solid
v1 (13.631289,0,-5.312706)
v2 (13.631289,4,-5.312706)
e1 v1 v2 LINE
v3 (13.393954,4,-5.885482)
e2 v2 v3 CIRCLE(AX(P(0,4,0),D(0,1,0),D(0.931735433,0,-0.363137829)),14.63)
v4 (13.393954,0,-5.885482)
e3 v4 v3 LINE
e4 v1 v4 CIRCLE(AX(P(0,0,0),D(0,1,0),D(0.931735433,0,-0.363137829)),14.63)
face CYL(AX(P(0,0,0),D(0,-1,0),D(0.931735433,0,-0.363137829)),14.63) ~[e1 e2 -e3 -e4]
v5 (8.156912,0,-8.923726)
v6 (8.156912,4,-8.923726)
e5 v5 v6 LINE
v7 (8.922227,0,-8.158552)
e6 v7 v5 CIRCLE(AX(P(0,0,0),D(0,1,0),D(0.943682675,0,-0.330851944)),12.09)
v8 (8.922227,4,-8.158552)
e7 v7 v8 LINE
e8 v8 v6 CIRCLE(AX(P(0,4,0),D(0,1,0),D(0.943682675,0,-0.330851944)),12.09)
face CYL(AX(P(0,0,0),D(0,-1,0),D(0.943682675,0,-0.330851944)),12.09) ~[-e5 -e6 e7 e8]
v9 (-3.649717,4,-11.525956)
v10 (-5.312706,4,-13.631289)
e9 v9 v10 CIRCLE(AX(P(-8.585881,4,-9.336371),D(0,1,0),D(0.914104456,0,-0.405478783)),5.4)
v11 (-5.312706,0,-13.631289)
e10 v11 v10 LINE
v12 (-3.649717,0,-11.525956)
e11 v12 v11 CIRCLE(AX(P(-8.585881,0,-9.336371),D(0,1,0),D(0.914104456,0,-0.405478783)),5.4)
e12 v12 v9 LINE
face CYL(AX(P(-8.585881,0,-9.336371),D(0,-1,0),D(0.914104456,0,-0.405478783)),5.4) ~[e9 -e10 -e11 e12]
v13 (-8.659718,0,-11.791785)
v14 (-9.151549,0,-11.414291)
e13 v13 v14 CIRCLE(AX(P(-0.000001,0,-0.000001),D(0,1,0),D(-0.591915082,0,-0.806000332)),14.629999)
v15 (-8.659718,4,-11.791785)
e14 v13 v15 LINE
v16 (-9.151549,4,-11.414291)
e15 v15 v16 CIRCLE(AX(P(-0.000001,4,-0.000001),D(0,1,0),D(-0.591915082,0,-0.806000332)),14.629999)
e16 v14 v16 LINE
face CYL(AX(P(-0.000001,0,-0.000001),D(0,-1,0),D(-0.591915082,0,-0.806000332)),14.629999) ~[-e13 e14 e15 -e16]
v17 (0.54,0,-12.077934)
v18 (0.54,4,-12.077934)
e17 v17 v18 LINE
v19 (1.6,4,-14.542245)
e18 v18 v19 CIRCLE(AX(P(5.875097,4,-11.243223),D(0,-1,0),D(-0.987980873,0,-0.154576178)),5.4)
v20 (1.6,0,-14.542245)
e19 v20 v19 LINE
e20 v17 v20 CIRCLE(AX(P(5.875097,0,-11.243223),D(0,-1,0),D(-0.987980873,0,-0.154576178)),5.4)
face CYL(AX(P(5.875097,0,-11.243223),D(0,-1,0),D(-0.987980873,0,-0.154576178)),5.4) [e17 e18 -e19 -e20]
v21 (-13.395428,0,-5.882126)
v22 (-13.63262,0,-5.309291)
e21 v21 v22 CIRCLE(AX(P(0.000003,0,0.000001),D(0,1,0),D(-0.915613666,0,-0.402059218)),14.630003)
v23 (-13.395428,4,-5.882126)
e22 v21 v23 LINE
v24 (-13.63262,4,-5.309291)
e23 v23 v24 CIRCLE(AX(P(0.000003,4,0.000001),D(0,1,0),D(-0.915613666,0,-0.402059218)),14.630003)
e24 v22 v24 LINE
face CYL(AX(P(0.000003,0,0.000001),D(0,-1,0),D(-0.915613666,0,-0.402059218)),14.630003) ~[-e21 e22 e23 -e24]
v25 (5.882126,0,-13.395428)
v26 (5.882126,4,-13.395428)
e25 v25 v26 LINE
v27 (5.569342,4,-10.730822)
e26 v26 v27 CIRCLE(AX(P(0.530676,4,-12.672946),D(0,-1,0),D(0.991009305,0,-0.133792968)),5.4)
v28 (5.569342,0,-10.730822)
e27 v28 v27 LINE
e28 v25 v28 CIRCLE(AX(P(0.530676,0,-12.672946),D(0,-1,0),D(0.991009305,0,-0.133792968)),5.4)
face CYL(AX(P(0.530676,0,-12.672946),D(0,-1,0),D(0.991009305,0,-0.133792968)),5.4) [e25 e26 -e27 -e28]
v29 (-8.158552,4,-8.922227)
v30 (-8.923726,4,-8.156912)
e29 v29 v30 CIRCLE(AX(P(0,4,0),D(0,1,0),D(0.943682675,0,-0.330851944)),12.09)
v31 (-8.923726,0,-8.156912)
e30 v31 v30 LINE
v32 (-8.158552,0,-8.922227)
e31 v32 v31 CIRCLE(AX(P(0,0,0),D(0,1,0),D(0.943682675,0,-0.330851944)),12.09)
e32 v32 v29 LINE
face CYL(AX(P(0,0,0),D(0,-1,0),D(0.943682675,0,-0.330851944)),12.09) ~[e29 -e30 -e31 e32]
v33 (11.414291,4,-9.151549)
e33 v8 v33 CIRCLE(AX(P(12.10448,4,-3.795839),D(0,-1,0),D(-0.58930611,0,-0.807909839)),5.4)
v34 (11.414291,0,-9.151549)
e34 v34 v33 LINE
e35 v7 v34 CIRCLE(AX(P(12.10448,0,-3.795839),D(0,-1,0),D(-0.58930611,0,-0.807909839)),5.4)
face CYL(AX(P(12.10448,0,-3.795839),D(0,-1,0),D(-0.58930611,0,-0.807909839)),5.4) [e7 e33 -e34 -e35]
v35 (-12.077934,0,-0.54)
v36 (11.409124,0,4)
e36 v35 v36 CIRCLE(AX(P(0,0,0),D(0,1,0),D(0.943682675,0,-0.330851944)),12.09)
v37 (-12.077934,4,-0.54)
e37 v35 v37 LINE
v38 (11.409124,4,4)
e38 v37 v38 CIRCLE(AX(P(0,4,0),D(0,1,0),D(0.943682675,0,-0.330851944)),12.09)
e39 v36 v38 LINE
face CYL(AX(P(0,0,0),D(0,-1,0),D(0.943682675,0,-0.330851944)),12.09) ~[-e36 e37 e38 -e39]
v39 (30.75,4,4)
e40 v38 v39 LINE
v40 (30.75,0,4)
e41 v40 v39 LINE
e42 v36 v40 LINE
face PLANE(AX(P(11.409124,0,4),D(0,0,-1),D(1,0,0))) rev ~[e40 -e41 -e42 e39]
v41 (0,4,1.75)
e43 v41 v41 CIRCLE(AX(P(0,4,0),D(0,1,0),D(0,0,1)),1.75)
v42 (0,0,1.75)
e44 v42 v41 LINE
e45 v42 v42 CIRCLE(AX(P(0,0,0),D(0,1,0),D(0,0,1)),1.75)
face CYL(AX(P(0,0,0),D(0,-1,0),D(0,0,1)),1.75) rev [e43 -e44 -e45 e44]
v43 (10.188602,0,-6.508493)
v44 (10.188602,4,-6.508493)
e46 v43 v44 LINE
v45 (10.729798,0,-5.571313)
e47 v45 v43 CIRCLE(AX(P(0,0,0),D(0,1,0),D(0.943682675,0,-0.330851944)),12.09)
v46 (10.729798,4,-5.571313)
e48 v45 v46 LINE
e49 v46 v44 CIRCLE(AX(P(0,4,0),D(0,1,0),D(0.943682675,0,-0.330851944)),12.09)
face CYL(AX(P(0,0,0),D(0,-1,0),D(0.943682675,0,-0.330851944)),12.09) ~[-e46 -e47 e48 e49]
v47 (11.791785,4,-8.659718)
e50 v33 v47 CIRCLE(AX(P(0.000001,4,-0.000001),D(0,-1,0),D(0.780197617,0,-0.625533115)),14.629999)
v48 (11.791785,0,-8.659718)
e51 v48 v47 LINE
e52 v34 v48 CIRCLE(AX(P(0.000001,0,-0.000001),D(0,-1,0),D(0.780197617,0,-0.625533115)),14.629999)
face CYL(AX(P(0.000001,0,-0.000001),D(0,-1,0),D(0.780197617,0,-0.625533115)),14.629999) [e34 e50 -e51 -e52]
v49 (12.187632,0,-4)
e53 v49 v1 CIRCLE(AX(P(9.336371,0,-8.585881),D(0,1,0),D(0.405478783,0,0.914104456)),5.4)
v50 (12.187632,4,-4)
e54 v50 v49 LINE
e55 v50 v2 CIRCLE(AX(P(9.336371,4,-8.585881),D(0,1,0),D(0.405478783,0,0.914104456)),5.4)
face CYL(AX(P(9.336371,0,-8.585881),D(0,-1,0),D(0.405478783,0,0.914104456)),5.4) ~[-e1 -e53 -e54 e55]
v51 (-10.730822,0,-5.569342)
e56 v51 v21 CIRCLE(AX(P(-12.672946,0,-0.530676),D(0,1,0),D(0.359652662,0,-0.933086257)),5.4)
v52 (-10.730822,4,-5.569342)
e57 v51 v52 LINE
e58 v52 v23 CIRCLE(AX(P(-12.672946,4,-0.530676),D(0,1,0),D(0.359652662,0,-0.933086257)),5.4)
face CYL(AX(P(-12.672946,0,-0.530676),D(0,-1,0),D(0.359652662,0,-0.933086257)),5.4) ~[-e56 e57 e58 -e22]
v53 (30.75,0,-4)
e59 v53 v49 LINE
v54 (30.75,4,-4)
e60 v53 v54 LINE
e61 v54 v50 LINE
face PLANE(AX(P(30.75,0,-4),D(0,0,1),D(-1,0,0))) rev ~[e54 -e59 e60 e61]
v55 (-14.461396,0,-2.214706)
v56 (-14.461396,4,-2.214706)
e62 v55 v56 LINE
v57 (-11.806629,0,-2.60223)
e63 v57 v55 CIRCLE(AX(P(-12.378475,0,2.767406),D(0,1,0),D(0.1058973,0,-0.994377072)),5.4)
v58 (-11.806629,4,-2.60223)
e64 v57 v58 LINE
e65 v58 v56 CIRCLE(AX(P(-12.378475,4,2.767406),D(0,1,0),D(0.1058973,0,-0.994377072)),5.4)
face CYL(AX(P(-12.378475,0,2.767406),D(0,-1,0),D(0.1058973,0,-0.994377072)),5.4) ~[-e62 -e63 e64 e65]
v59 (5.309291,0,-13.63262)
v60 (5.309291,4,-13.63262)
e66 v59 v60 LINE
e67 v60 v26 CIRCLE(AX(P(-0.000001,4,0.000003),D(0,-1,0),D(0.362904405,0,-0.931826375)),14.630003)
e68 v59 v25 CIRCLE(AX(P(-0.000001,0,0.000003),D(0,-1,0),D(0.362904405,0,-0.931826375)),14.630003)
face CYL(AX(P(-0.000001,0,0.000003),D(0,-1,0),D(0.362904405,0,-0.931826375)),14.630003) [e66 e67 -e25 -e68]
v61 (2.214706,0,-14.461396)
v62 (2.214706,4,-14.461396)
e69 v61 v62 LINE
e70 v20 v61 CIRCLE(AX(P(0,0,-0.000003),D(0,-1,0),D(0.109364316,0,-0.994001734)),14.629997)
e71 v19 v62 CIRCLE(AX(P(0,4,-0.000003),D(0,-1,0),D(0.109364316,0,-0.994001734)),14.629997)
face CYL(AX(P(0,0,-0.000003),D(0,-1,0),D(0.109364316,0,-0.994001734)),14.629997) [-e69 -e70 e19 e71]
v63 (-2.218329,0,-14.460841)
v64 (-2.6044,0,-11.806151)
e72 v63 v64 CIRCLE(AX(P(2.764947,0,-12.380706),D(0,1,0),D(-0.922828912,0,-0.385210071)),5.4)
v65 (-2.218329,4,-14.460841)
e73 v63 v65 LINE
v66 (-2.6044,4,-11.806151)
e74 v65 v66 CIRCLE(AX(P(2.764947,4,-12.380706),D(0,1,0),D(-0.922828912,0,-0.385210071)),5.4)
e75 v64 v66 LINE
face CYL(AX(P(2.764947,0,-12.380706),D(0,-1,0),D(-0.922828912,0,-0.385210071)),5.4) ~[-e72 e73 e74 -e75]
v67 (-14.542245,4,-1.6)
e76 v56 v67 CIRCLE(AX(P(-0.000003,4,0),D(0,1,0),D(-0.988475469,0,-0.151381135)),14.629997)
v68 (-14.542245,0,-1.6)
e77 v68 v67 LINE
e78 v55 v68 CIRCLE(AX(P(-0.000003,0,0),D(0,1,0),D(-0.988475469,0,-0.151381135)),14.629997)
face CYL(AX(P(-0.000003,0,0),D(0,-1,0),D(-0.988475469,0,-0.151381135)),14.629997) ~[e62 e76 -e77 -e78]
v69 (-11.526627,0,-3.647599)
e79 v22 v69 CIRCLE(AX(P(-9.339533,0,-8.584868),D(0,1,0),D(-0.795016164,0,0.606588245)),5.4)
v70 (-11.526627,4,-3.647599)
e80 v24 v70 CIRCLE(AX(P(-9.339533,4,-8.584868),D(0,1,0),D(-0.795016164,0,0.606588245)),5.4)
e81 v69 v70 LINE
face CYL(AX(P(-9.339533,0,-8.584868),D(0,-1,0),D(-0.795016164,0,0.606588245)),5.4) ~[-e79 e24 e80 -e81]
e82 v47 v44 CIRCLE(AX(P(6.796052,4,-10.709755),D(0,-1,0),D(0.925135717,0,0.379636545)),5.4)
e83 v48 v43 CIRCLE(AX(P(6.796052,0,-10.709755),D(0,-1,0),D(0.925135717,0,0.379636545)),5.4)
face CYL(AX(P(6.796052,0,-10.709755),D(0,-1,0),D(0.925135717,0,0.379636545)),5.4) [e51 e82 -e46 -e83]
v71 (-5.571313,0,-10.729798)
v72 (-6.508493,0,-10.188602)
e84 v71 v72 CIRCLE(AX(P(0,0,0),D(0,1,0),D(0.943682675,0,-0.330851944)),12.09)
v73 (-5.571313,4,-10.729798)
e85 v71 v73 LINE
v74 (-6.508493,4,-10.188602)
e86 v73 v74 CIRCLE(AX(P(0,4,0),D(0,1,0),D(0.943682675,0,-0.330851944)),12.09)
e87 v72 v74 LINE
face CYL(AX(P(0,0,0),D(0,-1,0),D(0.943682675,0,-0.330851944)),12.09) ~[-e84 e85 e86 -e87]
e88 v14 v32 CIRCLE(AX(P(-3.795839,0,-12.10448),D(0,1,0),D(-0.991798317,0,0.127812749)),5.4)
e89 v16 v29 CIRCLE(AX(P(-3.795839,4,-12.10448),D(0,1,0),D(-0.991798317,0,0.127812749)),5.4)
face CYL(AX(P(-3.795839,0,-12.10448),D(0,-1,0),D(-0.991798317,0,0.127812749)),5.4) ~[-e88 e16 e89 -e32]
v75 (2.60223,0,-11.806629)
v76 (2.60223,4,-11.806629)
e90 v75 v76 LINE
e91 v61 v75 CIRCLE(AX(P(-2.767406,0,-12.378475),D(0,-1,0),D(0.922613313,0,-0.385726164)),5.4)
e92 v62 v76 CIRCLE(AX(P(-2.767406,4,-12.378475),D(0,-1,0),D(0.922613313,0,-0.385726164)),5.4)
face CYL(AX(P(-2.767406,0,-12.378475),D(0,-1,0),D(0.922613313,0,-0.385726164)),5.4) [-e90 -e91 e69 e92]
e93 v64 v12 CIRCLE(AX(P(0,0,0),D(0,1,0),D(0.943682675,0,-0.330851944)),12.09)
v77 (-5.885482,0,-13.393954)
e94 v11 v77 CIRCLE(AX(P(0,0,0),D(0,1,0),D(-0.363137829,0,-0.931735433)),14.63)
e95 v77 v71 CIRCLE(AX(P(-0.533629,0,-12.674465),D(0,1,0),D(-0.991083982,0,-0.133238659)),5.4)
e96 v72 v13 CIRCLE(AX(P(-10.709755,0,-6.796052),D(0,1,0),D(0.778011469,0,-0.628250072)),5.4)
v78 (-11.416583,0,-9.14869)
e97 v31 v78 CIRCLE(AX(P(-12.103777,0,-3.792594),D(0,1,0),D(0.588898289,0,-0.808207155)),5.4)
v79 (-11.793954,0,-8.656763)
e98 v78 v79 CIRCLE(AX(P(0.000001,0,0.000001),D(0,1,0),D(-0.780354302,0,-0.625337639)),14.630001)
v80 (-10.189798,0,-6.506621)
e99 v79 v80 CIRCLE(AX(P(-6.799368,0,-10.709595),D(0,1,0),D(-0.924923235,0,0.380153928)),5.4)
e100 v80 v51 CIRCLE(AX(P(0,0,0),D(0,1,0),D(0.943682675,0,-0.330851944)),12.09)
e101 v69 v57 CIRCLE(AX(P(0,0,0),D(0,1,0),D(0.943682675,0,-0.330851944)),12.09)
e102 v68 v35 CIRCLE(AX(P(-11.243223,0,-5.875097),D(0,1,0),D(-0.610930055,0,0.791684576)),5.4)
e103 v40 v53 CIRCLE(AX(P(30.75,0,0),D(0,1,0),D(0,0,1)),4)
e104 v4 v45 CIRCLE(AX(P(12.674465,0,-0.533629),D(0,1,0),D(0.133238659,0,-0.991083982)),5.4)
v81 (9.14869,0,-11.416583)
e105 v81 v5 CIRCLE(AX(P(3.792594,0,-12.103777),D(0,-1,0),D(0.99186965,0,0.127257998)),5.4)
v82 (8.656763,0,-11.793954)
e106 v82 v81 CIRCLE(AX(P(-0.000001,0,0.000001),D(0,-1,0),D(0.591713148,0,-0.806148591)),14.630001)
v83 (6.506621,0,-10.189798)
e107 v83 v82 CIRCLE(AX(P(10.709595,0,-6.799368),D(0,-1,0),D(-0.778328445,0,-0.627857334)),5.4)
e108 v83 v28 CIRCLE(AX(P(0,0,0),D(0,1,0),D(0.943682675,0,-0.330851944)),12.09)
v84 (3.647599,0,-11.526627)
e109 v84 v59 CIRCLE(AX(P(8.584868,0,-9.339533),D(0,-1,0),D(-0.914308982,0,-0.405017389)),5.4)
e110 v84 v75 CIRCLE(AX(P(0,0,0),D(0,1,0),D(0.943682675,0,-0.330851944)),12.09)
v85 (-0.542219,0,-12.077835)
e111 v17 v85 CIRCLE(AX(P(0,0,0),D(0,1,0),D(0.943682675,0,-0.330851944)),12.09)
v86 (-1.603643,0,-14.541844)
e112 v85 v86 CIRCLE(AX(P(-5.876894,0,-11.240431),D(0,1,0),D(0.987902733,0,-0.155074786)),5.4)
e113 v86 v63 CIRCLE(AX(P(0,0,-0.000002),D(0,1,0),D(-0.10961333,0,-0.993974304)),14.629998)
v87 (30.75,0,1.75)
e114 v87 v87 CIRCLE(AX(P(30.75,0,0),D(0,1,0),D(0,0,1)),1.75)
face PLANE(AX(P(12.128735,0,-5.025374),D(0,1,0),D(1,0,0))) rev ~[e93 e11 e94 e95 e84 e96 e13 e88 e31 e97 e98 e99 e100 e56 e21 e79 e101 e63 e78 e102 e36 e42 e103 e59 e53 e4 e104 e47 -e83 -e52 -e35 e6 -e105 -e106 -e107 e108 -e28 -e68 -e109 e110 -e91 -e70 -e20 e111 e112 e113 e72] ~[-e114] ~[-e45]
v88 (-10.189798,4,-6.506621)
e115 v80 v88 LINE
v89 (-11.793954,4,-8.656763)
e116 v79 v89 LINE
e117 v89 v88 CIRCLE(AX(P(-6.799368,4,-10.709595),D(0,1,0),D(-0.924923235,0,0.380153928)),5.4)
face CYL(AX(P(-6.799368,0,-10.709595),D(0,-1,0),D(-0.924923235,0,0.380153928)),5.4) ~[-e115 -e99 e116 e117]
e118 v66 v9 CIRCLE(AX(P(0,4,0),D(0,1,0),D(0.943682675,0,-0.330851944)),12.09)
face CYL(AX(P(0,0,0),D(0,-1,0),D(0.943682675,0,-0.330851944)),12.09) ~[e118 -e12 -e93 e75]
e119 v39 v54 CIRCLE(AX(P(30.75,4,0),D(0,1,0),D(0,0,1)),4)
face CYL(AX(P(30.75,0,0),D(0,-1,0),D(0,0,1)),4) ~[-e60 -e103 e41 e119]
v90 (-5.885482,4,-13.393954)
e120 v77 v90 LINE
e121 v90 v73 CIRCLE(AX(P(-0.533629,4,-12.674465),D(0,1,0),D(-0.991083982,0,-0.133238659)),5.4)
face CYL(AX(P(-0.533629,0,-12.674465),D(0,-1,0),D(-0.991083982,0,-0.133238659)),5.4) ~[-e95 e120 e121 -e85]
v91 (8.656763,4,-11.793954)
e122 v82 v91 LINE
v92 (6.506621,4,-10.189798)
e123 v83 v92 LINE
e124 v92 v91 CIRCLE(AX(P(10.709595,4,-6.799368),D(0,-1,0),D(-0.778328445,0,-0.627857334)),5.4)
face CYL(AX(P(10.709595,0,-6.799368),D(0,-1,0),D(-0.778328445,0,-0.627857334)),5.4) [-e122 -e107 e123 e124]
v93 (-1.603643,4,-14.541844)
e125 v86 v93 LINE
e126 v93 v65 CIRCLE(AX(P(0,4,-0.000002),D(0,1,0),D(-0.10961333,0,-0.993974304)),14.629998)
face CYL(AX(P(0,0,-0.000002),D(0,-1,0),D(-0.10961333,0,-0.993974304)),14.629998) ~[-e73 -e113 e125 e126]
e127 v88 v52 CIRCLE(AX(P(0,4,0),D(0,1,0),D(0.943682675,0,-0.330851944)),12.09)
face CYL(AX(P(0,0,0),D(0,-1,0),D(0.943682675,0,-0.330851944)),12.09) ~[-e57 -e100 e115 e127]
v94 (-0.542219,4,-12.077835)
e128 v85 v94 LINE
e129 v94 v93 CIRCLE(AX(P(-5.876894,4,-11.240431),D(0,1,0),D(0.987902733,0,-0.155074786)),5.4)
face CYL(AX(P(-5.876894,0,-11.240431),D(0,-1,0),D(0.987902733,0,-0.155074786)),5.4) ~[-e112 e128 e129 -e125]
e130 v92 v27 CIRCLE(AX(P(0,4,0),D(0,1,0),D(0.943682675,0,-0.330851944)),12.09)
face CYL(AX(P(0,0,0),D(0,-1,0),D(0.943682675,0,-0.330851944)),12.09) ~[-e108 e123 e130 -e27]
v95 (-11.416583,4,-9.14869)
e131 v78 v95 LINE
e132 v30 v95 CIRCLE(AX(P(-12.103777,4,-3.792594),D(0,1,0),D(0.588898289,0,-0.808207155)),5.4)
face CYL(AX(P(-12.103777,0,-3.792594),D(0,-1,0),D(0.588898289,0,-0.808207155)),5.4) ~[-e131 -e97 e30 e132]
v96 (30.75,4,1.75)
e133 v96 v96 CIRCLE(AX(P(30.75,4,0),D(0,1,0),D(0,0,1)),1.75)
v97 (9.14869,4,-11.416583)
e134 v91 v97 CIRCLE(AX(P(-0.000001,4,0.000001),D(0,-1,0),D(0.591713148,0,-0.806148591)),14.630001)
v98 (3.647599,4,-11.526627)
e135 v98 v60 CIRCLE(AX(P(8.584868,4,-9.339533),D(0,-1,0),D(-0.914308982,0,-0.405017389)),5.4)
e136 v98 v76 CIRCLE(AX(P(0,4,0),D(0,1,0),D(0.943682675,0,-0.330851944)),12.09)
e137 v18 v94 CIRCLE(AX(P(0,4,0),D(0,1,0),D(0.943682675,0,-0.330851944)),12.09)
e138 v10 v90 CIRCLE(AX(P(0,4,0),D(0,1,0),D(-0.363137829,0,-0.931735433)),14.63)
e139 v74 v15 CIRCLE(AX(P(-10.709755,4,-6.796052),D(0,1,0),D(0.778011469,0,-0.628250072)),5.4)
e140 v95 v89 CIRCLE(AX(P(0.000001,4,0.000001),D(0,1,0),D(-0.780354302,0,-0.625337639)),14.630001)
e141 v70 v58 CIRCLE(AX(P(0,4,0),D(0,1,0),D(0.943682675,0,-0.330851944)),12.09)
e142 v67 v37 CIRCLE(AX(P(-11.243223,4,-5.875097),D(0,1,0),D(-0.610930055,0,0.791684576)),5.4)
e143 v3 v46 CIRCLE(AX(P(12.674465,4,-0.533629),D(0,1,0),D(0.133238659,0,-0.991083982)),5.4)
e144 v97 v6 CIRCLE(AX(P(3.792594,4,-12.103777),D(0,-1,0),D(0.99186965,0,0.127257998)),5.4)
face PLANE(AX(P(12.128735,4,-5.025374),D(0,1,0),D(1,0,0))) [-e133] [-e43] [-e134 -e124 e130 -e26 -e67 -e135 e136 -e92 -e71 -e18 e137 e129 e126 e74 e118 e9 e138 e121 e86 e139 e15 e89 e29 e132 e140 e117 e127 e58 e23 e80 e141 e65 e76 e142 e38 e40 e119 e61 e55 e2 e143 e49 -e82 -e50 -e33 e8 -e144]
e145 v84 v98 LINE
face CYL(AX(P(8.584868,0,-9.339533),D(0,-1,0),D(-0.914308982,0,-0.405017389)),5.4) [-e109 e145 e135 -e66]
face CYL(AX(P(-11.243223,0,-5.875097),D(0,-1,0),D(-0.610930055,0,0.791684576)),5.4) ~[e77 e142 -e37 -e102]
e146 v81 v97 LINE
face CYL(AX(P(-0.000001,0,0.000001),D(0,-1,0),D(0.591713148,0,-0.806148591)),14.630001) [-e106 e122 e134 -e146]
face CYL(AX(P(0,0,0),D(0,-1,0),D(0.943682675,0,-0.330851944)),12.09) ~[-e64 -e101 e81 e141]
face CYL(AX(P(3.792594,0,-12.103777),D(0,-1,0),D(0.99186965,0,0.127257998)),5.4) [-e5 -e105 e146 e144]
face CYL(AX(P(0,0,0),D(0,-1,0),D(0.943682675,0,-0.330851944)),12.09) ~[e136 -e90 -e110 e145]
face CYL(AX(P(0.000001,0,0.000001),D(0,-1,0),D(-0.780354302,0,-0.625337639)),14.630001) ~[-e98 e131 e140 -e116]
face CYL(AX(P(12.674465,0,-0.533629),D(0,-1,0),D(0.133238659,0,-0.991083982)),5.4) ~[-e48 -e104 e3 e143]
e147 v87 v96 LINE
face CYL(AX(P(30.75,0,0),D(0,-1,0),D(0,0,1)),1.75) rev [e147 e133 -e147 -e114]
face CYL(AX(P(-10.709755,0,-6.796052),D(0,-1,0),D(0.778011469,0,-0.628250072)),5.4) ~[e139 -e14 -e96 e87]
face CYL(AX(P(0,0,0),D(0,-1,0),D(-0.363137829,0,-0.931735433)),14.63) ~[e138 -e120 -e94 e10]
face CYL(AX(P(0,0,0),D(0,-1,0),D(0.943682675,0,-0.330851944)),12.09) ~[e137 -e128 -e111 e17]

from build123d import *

# Parameters (mm, degrees)
SKETCH1_R           = 1.75
BOSS_EXTRUDE1_DEPTH = 4
BOSS_EXTRUDE2_START = -4
BOSS_EXTRUDE2_DEPTH = 4


with BuildPart() as part:
    # Sketch1 → Boss-Extrude1 (new body)
    with BuildSketch(Plane(origin=(0, 0, 0), x_dir=(1, 0, 0), z_dir=(0, 1, 0))):
        with BuildLine():
            Line((30.75, 4), (11.409123542, 4))
            ThreePointArc((11.409123542, 4), (-12.09, 0), (11.409123542, -4))
            Line((11.409123542, -4), (30.75, -4))
            ThreePointArc((30.75, -4), (34.75, 0), (30.75, 4))
        make_face()
        with Locations(Location((30.75, 0, 0), (0, 0, 270))):
            Circle(SKETCH1_R, mode=Mode.SUBTRACT)
        with Locations(Location((0, 0, 0), (0, 0, 270))):
            Circle(SKETCH1_R, mode=Mode.SUBTRACT)
    extrude(amount=BOSS_EXTRUDE1_DEPTH)

    # Sketch2 → Boss-Extrude2 (add)
    with BuildSketch(Plane(origin=(0, 4, 0), x_dir=(1, 0, 0), z_dir=(0, 1, 0)).offset(BOSS_EXTRUDE2_START)):
        with BuildLine():
            ThreePointArc((13.631289382, 5.312706446), (13.515656169, 5.600351625), (13.393953907, 5.885482032))
            ThreePointArc((13.393953907, 5.885482032), (12.042056289, 5.896469103), (10.729798038, 5.571313495))
            ThreePointArc((10.729798038, 5.571313495), (11.16927846, 4.627668819), (11.525956115, 3.649717201))
            ThreePointArc((11.525956115, 3.649717201), (12.683545875, 4.348379847), (13.631289382, 5.312706446))
        make_face()
        with BuildLine():
            ThreePointArc((0.54, 12.077934426), (0.914536108, 13.376961211), (1.6, 14.542245356))
            ThreePointArc((1.6, 14.542245356), (1.907781307, 14.505077404), (2.214705946, 14.461396114))
            ThreePointArc((2.214705946, 14.461396114), (2.575965524, 13.158462861), (2.602230245, 11.806629399))
            ThreePointArc((2.602230245, 11.806629399), (1.576960473, 11.986713297), (0.54, 12.077934426))
        make_face()
        with BuildLine():
            ThreePointArc((5.882126404, 13.395427913), (5.89385242, 12.043390174), (5.569341946, 10.73082151))
            ThreePointArc((5.569341946, 10.73082151), (4.625616537, 11.170128542), (3.647599401, 11.526626506))
            ThreePointArc((3.647599401, 11.526626506), (4.345586373, 12.684452949), (5.309291379, 13.63261989))
            ThreePointArc((5.309291379, 13.63261989), (5.596965518, 13.51705874), (5.882126404, 13.395427913))
        make_face()
        with BuildLine():
            ThreePointArc((9.148689668, 11.416583436), (8.810083014, 10.10758035), (8.156912198, 8.92372587))
            ThreePointArc((8.156912198, 8.92372587), (7.359044479, 9.592317987), (6.506620931, 10.189798038))
            ThreePointArc((6.506620931, 10.189798038), (7.480492108, 11.12752018), (8.656763324, 11.793953907))
            ThreePointArc((8.656763324, 11.793953907), (8.904725778, 11.607874862), (9.148689668, 11.416583436))
        make_face()
        with BuildLine():
            ThreePointArc((11.791784851, 8.659717665), (11.125921009, 7.482955629), (10.188602363, 6.508493058))
            ThreePointArc((10.188602363, 6.508493058), (9.5909657, 7.360806813), (8.922226997, 8.158551674))
            ThreePointArc((8.922226997, 8.158551674), (10.105614668, 8.8122653), (11.414291155, 9.151549455))
            ThreePointArc((11.414291155, 9.151549455), (11.605643693, 8.907633495), (11.791784851, 8.659717665))
        make_face()
        with BuildLine():
            ThreePointArc((-1.603643062, 14.541844069), (-1.911415048, 14.504599013), (-2.218328735, 14.460840834))
            ThreePointArc((-2.218328735, 14.460840834), (-2.578838281, 13.157851673), (-2.604399509, 11.806151075))
            ThreePointArc((-2.604399509, 11.806151075), (-1.579162842, 11.98642335), (-0.542219148, 12.077835005))
            ThreePointArc((-0.542219148, 12.077835005), (-0.917469165, 13.376808049), (-1.603643062, 14.541844069))
        make_face()
        with BuildLine():
            ThreePointArc((-5.312706446, 13.631289382), (-5.600351625, 13.515656169), (-5.885482032, 13.393953907))
            ThreePointArc((-5.885482032, 13.393953907), (-5.896469103, 12.042056289), (-5.571313495, 10.729798038))
            ThreePointArc((-5.571313495, 10.729798038), (-4.627668819, 11.16927846), (-3.649717201, 11.525956115))
            ThreePointArc((-3.649717201, 11.525956115), (-4.348379847, 12.683545875), (-5.312706446, 13.631289382))
        make_face()
        with BuildLine():
            ThreePointArc((-8.659717665, 11.791784851), (-8.907633495, 11.605643693), (-9.151549455, 11.414291155))
            ThreePointArc((-9.151549455, 11.414291155), (-8.8122653, 10.105614668), (-8.158551674, 8.922226997))
            ThreePointArc((-8.158551674, 8.922226997), (-7.360806813, 9.5909657), (-6.508493058, 10.188602363))
            ThreePointArc((-6.508493058, 10.188602363), (-7.482955629, 11.125921009), (-8.659717665, 11.791784851))
        make_face()
        with BuildLine():
            ThreePointArc((-11.416583436, 9.148689668), (-11.607874862, 8.904725778), (-11.793953907, 8.656763324))
            ThreePointArc((-11.793953907, 8.656763324), (-11.12752018, 7.480492108), (-10.189798038, 6.506620931))
            ThreePointArc((-10.189798038, 6.506620931), (-9.592317987, 7.359044479), (-8.92372587, 8.156912198))
            ThreePointArc((-8.92372587, 8.156912198), (-10.10758035, 8.810083014), (-11.416583436, 9.148689668))
        make_face()
        with BuildLine():
            ThreePointArc((-13.395427913, 5.882126404), (-13.51705874, 5.596965518), (-13.63261989, 5.309291379))
            ThreePointArc((-13.63261989, 5.309291379), (-12.684452949, 4.345586373), (-11.526626506, 3.647599401))
            ThreePointArc((-11.526626506, 3.647599401), (-11.170128542, 4.625616537), (-10.73082151, 5.569341946))
            ThreePointArc((-10.73082151, 5.569341946), (-12.043390174, 5.89385242), (-13.395427913, 5.882126404))
        make_face()
        with BuildLine():
            ThreePointArc((-14.461396114, 2.214705946), (-14.505077404, 1.907781307), (-14.542245356, 1.6))
            ThreePointArc((-14.542245356, 1.6), (-13.376961211, 0.914536108), (-12.077934426, 0.54))
            ThreePointArc((-12.077934426, 0.54), (-11.986713297, 1.576960473), (-11.806629399, 2.602230245))
            ThreePointArc((-11.806629399, 2.602230245), (-13.158462861, 2.575965524), (-14.461396114, 2.214705946))
        make_face()
    extrude(amount=BOSS_EXTRUDE2_DEPTH)


solid = part.part
